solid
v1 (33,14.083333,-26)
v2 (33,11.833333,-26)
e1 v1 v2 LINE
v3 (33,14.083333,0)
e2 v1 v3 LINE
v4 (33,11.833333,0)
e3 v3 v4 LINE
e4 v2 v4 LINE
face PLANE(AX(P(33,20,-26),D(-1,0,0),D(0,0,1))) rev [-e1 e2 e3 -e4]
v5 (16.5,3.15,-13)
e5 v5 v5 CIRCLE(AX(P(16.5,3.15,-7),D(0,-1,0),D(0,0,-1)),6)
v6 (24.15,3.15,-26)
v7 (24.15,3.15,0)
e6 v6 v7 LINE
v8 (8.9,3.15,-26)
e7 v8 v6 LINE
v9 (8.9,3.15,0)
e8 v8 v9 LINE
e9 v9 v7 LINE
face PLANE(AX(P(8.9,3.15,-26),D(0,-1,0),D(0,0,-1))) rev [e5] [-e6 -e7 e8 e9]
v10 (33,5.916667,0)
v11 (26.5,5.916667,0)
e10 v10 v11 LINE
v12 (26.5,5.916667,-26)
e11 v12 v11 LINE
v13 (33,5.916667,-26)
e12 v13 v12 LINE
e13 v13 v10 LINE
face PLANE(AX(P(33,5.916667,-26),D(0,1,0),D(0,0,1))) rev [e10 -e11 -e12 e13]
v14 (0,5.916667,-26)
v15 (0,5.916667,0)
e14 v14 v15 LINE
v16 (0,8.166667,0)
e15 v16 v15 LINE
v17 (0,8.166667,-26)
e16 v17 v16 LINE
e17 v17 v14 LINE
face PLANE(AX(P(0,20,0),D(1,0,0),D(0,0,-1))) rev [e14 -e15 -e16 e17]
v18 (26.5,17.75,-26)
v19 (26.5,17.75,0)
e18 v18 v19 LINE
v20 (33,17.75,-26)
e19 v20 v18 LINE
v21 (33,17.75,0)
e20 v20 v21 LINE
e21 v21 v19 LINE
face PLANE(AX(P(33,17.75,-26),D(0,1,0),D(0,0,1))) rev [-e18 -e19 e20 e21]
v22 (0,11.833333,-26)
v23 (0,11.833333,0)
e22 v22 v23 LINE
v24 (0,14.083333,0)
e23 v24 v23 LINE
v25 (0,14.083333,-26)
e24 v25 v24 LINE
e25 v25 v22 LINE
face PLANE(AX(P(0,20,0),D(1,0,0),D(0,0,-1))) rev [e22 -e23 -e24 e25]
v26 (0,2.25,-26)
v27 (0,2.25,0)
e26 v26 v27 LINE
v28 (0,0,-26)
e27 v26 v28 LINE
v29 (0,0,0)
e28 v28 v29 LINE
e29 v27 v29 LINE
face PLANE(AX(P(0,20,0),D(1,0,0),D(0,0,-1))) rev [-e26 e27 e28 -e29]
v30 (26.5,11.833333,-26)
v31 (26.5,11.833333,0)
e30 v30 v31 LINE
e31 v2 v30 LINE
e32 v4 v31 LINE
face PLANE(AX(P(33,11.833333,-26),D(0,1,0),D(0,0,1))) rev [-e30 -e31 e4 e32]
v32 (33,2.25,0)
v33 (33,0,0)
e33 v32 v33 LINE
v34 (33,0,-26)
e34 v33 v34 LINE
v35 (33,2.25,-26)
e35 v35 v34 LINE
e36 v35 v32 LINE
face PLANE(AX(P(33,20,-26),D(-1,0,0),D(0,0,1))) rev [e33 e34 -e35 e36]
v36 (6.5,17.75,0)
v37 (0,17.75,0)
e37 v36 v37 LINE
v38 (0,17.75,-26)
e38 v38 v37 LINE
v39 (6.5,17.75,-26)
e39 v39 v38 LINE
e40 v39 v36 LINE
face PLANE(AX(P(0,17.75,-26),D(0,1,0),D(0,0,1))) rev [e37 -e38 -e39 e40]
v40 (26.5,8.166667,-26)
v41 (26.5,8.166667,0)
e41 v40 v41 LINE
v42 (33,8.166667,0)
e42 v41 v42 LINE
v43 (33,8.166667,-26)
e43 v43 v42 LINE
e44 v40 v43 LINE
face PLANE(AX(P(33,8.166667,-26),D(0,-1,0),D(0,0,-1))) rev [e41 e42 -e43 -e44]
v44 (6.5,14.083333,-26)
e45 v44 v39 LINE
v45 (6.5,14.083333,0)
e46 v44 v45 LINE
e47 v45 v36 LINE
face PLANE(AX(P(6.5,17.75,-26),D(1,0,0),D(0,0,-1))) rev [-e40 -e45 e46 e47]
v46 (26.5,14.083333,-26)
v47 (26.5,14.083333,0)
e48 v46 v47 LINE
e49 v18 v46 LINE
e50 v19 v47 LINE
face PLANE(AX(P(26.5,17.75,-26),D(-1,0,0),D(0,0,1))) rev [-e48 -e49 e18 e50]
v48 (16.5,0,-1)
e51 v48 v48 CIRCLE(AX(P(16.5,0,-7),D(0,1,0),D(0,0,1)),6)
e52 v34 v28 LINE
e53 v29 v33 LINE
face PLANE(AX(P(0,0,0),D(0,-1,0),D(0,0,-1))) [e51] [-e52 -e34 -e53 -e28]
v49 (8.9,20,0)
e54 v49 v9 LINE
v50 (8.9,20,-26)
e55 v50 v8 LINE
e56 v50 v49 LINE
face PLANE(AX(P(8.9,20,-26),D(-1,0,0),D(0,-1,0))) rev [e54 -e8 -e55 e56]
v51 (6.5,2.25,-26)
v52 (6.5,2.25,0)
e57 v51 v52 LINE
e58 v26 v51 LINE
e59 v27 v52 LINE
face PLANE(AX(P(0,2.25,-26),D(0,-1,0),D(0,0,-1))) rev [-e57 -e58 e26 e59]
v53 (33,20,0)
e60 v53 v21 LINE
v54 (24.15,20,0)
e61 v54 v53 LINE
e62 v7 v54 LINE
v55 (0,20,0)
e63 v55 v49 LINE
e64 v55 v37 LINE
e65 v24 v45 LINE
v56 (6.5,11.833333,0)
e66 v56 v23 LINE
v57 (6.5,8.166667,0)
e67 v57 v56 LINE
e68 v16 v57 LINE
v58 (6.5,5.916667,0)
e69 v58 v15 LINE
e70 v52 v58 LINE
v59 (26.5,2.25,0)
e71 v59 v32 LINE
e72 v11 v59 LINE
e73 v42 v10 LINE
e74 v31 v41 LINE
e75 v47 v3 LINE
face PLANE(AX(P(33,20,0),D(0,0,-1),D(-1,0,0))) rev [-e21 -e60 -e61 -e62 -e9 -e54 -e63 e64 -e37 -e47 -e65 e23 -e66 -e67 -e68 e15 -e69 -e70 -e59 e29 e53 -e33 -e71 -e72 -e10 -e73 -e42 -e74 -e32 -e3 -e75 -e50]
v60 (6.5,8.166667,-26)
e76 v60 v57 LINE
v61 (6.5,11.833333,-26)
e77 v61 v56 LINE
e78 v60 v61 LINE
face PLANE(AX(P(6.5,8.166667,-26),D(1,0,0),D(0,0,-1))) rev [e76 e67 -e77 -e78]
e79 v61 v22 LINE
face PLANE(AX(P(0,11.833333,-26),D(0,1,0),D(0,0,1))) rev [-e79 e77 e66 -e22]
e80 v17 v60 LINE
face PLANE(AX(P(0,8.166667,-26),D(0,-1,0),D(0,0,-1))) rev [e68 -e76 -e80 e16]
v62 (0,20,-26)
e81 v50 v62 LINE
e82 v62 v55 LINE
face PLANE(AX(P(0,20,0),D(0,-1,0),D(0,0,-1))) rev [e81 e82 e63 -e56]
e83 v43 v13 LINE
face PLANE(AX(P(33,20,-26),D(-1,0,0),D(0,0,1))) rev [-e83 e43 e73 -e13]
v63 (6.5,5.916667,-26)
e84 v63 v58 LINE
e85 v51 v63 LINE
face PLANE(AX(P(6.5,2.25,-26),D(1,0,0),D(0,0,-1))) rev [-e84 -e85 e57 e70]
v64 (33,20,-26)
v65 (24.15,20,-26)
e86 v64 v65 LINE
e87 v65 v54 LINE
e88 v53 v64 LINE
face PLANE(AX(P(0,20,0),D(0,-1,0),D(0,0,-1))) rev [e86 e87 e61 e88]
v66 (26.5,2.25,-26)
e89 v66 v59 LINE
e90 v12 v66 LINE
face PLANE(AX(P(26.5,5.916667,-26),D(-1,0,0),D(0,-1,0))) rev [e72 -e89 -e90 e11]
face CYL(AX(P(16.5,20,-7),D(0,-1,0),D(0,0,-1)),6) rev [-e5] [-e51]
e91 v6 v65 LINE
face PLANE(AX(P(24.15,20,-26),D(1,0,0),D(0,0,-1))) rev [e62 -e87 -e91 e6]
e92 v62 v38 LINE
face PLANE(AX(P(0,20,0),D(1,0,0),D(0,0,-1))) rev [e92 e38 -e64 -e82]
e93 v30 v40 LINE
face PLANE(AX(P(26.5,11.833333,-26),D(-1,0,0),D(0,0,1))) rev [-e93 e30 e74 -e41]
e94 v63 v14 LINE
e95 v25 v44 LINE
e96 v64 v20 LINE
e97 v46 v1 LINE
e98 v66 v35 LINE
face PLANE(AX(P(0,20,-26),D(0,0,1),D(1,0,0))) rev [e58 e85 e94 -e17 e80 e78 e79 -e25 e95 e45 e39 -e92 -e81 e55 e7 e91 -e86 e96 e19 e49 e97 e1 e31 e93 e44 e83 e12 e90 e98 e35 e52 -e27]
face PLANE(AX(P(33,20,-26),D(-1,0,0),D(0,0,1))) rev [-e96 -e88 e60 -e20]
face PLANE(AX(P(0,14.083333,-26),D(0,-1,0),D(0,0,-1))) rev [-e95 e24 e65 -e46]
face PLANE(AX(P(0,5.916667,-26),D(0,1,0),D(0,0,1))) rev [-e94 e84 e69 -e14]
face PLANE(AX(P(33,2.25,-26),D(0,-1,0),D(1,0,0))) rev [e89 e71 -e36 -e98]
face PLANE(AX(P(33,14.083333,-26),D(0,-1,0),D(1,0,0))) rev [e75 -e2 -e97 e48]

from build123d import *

# Parameters (mm, degrees)
SKETCH1_W           = 33
SKETCH1_H           = 26
SKETCH1_R           = 6
BOSS_EXTRUDE1_DEPTH = 20
SKETCH2_W           = 6.5
SKETCH2_H           = 3.666666667
SKETCH2_H_2         = 3.666666666
SKETCH2_W_2         = 15.25
SKETCH2_H_3         = 16.85
CUT_EXTRUDE1_DEPTH  = 26


with BuildPart() as part:
    # Sketch1 → Boss-Extrude1 (new body)
    with BuildSketch(Plane(origin=(0, 0, 0), x_dir=(1, 0, 0), z_dir=(0, 1, 0))):
        with Locations((16.5, 13)):
            Rectangle(SKETCH1_W, SKETCH1_H)
        with Locations((16.5, 7)):
            Circle(SKETCH1_R, mode=Mode.SUBTRACT)
    extrude(amount=BOSS_EXTRUDE1_DEPTH)

    # Sketch2 → Cut-Extrude1 (cut)
    with BuildSketch(Plane.XY):
        with Locations((3.25, 4.083333334)):
            Rectangle(SKETCH2_W, SKETCH2_H)
        with Locations((3.25, 10)):
            Rectangle(SKETCH2_W, SKETCH2_H_2)
        with Locations((3.25, 15.916666666)):
            Rectangle(SKETCH2_W, SKETCH2_H)
        with Locations((29.75, 15.916666666)):
            Rectangle(SKETCH2_W, SKETCH2_H)
        with Locations((29.75, 10)):
            Rectangle(SKETCH2_W, SKETCH2_H_2)
        with Locations((29.75, 4.083333334)):
            Rectangle(SKETCH2_W, SKETCH2_H)
        with Locations((16.525, 11.575)):
            Rectangle(SKETCH2_W_2, SKETCH2_H_3)
    extrude(amount=-CUT_EXTRUDE1_DEPTH, mode=Mode.SUBTRACT)


solid = part.part
